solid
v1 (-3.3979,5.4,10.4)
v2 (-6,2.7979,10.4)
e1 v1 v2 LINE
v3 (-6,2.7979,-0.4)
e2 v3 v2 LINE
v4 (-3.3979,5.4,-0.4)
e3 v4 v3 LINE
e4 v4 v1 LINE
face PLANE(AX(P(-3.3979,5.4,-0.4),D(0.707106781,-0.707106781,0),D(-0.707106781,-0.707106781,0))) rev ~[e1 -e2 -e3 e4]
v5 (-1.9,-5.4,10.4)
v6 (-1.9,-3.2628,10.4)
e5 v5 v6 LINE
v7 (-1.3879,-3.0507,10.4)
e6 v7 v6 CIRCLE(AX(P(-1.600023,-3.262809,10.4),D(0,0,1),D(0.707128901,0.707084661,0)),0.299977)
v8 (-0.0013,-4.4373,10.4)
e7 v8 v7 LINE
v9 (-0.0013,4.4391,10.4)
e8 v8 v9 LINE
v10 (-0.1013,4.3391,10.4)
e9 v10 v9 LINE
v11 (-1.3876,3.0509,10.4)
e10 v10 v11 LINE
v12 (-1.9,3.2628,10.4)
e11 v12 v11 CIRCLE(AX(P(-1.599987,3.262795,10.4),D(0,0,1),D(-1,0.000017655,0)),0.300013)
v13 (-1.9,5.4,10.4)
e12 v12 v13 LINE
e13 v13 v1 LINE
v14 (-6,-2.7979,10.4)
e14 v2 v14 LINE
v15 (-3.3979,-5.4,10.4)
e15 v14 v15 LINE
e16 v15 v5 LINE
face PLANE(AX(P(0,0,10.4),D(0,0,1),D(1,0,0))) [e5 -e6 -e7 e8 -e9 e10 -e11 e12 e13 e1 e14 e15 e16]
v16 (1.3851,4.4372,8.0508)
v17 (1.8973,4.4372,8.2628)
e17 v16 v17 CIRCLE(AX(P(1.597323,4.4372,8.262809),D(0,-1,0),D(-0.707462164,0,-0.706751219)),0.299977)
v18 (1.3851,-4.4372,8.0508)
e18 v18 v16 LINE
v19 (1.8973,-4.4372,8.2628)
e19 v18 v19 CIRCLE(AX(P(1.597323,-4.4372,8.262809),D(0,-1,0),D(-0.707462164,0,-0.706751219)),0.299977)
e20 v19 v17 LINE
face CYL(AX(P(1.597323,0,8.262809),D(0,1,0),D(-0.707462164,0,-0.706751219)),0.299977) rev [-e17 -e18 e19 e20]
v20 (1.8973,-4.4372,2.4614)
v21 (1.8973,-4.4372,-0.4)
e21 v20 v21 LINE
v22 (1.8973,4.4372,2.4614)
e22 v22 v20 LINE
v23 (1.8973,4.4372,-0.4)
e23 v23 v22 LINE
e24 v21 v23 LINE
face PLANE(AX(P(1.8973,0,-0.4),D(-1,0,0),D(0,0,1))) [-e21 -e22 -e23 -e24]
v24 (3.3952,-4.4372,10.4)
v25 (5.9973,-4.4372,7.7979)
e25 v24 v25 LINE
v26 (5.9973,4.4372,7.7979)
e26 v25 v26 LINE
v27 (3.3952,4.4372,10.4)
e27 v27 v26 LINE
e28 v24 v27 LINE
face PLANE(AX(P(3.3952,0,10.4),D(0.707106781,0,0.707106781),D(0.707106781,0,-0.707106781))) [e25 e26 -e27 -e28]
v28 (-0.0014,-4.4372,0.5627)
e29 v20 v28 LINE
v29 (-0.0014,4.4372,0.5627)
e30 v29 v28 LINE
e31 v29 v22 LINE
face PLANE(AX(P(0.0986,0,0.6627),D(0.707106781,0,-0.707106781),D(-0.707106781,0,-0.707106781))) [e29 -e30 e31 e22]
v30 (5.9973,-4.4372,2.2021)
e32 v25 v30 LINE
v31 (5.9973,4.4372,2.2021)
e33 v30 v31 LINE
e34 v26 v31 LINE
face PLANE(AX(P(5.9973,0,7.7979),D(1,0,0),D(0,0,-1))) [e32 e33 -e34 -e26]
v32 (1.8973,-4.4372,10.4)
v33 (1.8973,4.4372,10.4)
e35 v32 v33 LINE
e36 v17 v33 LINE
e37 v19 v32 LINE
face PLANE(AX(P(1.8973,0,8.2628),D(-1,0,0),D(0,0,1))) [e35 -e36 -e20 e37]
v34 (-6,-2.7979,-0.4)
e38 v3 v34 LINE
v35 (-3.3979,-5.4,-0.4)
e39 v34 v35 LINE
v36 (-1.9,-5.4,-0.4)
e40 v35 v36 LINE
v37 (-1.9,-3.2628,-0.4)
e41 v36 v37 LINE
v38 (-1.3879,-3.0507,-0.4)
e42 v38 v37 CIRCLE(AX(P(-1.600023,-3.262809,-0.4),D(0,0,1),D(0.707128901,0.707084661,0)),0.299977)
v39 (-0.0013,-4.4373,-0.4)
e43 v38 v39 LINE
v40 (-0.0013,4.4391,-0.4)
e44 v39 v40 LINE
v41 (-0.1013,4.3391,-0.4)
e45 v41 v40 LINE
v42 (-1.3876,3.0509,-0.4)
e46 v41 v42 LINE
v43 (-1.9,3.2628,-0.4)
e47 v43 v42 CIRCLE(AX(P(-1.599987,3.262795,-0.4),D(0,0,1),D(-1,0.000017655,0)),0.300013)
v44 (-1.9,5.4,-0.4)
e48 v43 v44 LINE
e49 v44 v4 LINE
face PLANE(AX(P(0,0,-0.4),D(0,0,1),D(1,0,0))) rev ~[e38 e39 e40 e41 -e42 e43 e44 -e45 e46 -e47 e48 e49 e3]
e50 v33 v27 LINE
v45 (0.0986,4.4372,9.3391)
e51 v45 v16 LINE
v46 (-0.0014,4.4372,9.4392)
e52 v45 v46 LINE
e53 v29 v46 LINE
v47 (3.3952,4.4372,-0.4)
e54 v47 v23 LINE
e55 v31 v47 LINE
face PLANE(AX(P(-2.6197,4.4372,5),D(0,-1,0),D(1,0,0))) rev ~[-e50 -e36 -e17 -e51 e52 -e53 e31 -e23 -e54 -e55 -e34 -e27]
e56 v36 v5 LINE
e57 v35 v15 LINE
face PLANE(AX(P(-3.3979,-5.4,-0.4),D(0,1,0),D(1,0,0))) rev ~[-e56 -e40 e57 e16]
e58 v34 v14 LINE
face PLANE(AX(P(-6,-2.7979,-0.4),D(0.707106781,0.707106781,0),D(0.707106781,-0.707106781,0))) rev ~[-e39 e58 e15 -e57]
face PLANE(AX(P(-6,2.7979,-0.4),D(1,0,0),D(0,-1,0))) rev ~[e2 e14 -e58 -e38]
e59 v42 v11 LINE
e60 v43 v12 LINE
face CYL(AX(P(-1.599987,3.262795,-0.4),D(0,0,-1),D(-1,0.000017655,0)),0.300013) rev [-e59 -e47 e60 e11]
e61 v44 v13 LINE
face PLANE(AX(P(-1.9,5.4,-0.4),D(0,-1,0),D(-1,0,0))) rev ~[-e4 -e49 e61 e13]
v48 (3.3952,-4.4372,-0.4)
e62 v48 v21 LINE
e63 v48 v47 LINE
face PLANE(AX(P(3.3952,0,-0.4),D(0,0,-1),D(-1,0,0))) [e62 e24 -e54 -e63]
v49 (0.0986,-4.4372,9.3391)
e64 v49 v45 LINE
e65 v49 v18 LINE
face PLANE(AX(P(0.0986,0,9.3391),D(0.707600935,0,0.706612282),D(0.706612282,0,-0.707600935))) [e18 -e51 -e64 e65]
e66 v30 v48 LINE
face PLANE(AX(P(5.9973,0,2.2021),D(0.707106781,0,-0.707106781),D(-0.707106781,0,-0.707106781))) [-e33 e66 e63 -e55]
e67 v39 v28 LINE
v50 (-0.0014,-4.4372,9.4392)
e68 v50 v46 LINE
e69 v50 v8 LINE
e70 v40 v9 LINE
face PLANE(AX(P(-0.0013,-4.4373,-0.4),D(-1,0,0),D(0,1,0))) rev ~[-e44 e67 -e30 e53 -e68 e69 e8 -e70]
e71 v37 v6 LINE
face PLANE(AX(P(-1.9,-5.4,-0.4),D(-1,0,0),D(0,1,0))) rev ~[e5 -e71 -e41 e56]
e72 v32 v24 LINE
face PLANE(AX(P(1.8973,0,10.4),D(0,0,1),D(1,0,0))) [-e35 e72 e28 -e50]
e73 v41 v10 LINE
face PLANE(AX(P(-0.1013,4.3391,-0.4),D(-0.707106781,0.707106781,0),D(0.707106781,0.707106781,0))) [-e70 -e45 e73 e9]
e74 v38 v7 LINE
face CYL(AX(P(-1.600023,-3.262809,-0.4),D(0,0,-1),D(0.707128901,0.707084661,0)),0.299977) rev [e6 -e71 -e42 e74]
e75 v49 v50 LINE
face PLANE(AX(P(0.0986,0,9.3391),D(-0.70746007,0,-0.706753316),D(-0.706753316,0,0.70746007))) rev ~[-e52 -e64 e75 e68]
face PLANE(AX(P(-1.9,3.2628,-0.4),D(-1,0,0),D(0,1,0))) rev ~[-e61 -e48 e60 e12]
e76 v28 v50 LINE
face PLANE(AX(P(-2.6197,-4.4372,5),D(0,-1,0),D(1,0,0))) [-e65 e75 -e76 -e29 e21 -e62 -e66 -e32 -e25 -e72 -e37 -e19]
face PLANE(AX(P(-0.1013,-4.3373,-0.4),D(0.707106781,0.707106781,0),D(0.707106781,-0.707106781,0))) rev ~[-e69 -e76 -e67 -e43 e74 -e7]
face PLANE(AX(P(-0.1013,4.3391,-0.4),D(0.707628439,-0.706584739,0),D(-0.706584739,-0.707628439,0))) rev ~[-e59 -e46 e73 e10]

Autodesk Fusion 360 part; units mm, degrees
sketch "Sketch1" plane through (0, 0, 0) normal (0, 0, 1) x (1, 0, 0)
  line L0 (-1.8, 5.5) -> (-3.4393, 5.5)
  line L1 (-6.1, -2.8393) -> (-3.4393, -5.5)
  line L2 (-6.1, 2.8393) -> (-6.1, -2.8393)
  line L3 (-1.8, -5.5) -> (-1.8, -3.2628)
  arc A0 (-1.4586, 3.1214) -> (-1.8, 3.2628) centre (-1.6, 3.2628) cw
  arc A1 (-1.8, -3.2628) -> (-1.4586, -3.1214) centre (-1.6, -3.2628) cw
  line L4 (-3.4393, 5.5) -> (-6.1, 2.8393)
  line L5 (-3.4393, -5.5) -> (-1.8, -5.5)
  line L6 (-0.1506, 4.4312) -> (-1.4586, 3.1214)
  line L7 (-1.8, 3.2628) -> (-1.8, 5.5)
  line L8 (-1.4586, -3.1214) -> (-0.1778, -4.4022)
  line L9 (-0.0013, -4.5787) -> (-0.0013, 4.5807)
  line L10 (-0.1778, -4.4022) -> (-0.0013, -4.5787)
  line L11 (-0.1506, 4.4312) -> (-0.0013, 4.5807)
  line L12 (-6, -2.7979) -> (-3.3979, -5.4)
  line L13 (-3.3979, -5.4) -> (-1.9, -5.4)
  line L14 (-1.9, -5.4) -> (-1.9, -3.2628)
  arc A2 (-1.3879, -3.0507) -> (-1.9, -3.2628) centre (-1.6, -3.2628) ccw
  line L15 (-1.3879, -3.0507) -> (-0.1071, -4.3315)
  line L16 (-0.1071, -4.3315) -> (-0.1013, -4.3373)
  line L17 (-0.1013, -4.3373) -> (-0.1013, 4.3391)
  line L18 (-0.1013, 4.3391) -> (-1.3876, 3.0509)
  arc A3 (-1.9, 3.2628) -> (-1.3876, 3.0509) centre (-1.6, 3.2628) ccw
  line L19 (-1.9, 3.2628) -> (-1.9, 5.4)
  line L20 (-1.9, 5.4) -> (-3.3979, 5.4)
  line L21 (-3.3979, 5.4) -> (-6, 2.7979)
  line L22 (-6, 2.7979) -> (-6, -2.7979)
  line L23 (-0.1013, -4.3373) -> (-0.0013, -4.4373)
  line L24 (-0.1013, 4.3391) -> (-0.0013, 4.4391)
  dimension "d11" = -0.1
extrude "Extrude1" add sketch "Sketch1" along normal blind 10.8 from surface at -0.4 contours L9 L17 L23 L24 | L12 L13 L14 A2 L15 L16 L17 L18 A3 L19 L20 L21 L22
ref_plane "WorkPlane1" through (-2.649, 0, 5) normal (0, -1, 0) x (1, 0, 0)
sketch "Sketch2" plane through (-2.6197, 0, 5) normal (0, -1, 0) x (1, 0, 0)
  line L0 (4.0756, -3.1214) -> (2.7948, -4.4022)
  line L1 (4.417, -5.5) -> (4.417, -3.2628)
  line L2 (8.717, 2.8393) -> (8.717, -2.8393)
  line L3 (6.0564, 5.5) -> (8.717, 2.8393)
  line L4 (2.7677, 4.4312) -> (2.6183, 4.5807)
  line L5 (2.6183, -4.5787) -> (2.6183, 4.5807)
  line L6 (2.7677, 4.4312) -> (4.0756, 3.1214)
  line L7 (4.417, 3.2628) -> (4.417, 5.5)
  arc A0 (4.0756, 3.1214) -> (4.417, 3.2628) centre (4.217, 3.2628) ccw
  line L8 (2.7948, -4.4022) -> (2.6183, -4.5787)
  line L9 (6.0564, -5.5) -> (4.417, -5.5)
  line L10 (4.417, 5.5) -> (6.0564, 5.5)
  line L11 (8.717, -2.8393) -> (6.0564, -5.5)
  line L12 (4.0756, -3.1214) -> (4.417, -2.78)
  line L13 (4.417, -3.2628) -> (4.417, -2.78)
  line L14 (2.7183, -4.3373) -> (2.7183, 4.3391)
  line L15 (2.7241, -4.3315) -> (2.7183, -4.3373)
  line L16 (4.0049, -3.0507) -> (2.7241, -4.3315)
  line L17 (4.0049, -3.0507) -> (4.517, -2.5386)
  line L18 (4.517, -3.2628) -> (4.517, -2.5386)
  line L19 (4.517, -5.4) -> (4.517, -3.2628)
  line L20 (6.0149, -5.4) -> (4.517, -5.4)
  line L21 (8.617, -2.7979) -> (6.0149, -5.4)
  line L22 (8.617, 2.7979) -> (8.617, -2.7979)
  line L23 (6.0149, 5.4) -> (8.617, 2.7979)
  line L24 (4.517, 5.4) -> (6.0149, 5.4)
  line L25 (4.517, 3.2628) -> (4.517, 5.4)
  arc A1 (4.0048, 3.0508) -> (4.517, 3.2628) centre (4.217, 3.2628) ccw
  line L26 (2.7183, 4.3391) -> (4.0048, 3.0508)
  line L27 (2.7241, -4.3315) -> (2.5161, -4.5395)
  line L28 (2.5161, -4.5395) -> (2.5161, 4.6831)
  line L29 (2.5161, 4.6831) -> (2.6183, 4.5807)
  line L30 (2.7183, 4.3391) -> (2.6183, 4.4392)
  point P0 (2.617, 0)
  dimension "d12" = 0.1
extrude "Extrude2" add sketch "Sketch2" along normal mid plane 8.8744 contours L5 L14 L27 L30 | L14 L15 L16 L17 L18 L19 L20 L21 L22 L23 L24 L25 A1 L26 L27
